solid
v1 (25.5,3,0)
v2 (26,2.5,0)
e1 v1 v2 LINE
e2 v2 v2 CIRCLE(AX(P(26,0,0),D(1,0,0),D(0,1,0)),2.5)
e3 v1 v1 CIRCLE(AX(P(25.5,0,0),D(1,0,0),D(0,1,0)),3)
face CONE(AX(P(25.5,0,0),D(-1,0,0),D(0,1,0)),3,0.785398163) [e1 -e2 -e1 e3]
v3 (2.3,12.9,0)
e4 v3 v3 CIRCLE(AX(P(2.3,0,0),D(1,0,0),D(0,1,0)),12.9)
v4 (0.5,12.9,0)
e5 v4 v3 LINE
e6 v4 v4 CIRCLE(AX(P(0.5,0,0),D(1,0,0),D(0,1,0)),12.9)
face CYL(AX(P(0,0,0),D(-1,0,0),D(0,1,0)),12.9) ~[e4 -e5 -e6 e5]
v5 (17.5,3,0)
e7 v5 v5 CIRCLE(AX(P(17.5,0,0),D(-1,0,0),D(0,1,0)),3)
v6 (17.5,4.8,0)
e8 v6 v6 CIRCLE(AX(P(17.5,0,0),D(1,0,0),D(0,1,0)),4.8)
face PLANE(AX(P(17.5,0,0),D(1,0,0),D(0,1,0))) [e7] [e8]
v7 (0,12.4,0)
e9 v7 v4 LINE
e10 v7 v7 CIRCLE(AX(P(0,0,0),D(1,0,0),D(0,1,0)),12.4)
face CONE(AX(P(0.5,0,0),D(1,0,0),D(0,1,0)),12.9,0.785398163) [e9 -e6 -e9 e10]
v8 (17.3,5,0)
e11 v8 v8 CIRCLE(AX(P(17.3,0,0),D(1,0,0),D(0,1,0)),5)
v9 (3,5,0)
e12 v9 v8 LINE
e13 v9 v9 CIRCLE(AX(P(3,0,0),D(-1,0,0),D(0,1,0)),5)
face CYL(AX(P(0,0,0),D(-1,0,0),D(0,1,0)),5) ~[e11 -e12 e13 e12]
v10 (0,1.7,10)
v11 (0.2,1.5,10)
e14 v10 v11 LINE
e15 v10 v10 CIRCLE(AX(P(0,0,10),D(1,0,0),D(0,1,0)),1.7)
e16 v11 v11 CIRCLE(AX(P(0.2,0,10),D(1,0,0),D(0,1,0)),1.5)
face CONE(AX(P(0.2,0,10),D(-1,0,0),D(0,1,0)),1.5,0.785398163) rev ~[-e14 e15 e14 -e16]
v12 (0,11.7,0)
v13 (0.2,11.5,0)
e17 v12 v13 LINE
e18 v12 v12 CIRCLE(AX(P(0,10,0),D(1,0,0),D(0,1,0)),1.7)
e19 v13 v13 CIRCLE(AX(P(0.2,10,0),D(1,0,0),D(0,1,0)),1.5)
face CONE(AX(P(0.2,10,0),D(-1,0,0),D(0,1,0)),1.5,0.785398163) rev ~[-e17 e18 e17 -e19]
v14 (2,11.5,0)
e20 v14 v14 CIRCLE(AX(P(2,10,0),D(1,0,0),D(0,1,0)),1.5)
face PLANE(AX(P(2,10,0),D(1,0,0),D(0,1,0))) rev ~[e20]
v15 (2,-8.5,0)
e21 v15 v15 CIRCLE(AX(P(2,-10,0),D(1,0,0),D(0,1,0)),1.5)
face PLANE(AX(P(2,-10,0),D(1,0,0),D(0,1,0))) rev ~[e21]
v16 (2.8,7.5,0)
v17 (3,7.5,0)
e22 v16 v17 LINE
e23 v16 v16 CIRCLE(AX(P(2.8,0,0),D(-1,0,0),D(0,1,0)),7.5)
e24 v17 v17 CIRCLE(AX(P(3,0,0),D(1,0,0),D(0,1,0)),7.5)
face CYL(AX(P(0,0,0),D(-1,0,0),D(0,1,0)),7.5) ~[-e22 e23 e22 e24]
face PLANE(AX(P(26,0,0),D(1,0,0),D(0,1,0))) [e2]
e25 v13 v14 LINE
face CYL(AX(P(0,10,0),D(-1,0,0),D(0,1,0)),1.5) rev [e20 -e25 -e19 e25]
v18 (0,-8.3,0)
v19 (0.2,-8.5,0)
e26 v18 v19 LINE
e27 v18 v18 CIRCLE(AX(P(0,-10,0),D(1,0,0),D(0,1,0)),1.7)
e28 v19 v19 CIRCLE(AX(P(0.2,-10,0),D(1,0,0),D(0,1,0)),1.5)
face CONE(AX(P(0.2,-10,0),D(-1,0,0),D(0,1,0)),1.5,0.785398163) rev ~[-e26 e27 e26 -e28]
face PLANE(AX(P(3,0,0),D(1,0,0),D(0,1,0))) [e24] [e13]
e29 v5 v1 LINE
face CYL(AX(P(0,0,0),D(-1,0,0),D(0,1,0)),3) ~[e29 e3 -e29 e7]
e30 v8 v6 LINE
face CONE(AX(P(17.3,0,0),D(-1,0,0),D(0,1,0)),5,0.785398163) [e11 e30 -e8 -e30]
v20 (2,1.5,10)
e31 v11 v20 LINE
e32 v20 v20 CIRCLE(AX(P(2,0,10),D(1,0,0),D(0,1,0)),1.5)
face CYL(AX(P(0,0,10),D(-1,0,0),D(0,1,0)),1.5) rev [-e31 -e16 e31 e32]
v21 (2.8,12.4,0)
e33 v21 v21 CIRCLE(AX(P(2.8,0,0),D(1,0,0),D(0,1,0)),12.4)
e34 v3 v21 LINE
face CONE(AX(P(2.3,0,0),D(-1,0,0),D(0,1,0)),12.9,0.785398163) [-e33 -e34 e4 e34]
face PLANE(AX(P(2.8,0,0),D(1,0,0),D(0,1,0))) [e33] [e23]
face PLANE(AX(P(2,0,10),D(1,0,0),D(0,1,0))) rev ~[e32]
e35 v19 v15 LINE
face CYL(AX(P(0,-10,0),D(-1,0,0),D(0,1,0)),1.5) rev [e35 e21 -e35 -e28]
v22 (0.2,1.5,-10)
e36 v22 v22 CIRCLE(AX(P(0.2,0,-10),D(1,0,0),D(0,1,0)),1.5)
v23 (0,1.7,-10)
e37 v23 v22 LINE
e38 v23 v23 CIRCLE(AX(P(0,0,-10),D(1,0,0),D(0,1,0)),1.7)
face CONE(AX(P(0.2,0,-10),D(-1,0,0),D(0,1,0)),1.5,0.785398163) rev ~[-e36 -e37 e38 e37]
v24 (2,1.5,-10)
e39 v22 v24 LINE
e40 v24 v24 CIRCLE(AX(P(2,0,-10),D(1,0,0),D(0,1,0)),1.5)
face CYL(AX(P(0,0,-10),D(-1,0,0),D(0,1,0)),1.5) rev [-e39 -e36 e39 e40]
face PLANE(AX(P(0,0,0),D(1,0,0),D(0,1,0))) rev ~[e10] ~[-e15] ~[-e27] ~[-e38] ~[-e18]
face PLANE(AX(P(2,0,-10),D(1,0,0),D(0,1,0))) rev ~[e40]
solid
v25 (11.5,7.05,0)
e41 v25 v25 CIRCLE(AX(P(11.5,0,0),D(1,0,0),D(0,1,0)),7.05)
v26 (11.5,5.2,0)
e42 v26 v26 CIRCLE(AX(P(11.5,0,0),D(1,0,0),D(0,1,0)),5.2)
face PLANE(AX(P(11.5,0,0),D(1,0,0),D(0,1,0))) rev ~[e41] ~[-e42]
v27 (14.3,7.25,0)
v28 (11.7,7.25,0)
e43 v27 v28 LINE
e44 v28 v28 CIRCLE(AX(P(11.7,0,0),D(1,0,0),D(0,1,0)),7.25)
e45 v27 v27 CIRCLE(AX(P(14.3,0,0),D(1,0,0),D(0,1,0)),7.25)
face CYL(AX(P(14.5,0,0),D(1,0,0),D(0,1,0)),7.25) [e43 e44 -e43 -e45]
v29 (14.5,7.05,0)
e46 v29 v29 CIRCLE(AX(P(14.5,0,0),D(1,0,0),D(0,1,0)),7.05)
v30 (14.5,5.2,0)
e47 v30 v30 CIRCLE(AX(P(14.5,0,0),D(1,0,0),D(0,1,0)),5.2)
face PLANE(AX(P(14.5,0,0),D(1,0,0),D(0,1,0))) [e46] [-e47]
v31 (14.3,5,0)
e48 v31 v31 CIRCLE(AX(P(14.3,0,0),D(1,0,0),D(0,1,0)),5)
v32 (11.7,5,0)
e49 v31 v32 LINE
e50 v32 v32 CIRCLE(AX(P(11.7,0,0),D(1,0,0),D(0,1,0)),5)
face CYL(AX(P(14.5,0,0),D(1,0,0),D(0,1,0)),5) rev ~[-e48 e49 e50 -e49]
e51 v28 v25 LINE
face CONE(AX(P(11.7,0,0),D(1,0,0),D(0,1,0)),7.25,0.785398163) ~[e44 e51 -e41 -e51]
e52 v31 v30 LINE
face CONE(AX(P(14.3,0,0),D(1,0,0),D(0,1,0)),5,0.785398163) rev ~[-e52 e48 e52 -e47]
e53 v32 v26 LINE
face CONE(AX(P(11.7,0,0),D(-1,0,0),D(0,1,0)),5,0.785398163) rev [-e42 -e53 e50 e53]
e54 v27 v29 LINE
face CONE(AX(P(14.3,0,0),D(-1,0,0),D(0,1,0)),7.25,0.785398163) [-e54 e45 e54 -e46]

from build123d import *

# Parameters (mm, degrees)
F0_R     = 12.9
F0_R_2   = 1.5
F0_R_3   = 7.5
F0_R_4   = 5
F0_R_5   = 3
F1_DEPTH = 2.8
F2_DEPTH = 3
F3_DEPTH = 26
F4_SIZE  = 0.5
F5_DEPTH = 17.5
F6_DEPTH = 2
F7_SIZE  = 0.2
F9_START = -3
F8_R     = 7.25
F8_R_2   = 5
F9_DEPTH = 3
F10_SIZE = 0.2


with BuildPart() as f1:
    # F0 (on Right) → F1 (new body)
    with BuildSketch(Plane.YZ):
        Circle(F0_R)
        with Locations((0, -10)):
            Circle(F0_R_2, mode=Mode.SUBTRACT)
        with Locations((-10, 0)):
            Circle(F0_R_2, mode=Mode.SUBTRACT)
        Circle(F0_R_3, mode=Mode.SUBTRACT)
        with Locations((10, 0)):
            Circle(F0_R_2, mode=Mode.SUBTRACT)
        with Locations((0, 10)):
            Circle(F0_R_2, mode=Mode.SUBTRACT)
        Circle(F0_R_3)
        Circle(F0_R_4, mode=Mode.SUBTRACT)
        Circle(F0_R_4)
        Circle(F0_R_5, mode=Mode.SUBTRACT)
        Circle(F0_R_5)
        with Locations((10, 0)):
            Circle(F0_R_2)
        with Locations((0, 10)):
            Circle(F0_R_2)
        with Locations((-10, 0)):
            Circle(F0_R_2)
        with Locations((0, -10)):
            Circle(F0_R_2)
    extrude(amount=F1_DEPTH)

    # F0 (on Right) → F2 (join)
    with BuildSketch(Plane.YZ):
        Circle(F0_R_3)
        Circle(F0_R_4, mode=Mode.SUBTRACT)
        Circle(F0_R_4)
        Circle(F0_R_5, mode=Mode.SUBTRACT)
        Circle(F0_R_5)
    extrude(amount=F2_DEPTH)

    # F0 (on Right) → F3 (join)
    with BuildSketch(Plane.YZ):
        Circle(F0_R_5)
    extrude(amount=F3_DEPTH)

    # F4
    f4_edges = [f1.edges().sort_by_distance(p)[0] for p in [
        (0, -12.9, 0),
        (2.8, -12.9, 0),
        (26, -3, 0),
    ]]
    chamfer(f4_edges, length=F4_SIZE)

    # F0 (on Right) → F5 (join)
    with BuildSketch(Plane.YZ):
        Circle(F0_R_4)
        Circle(F0_R_5, mode=Mode.SUBTRACT)
        Circle(F0_R_5)
    extrude(amount=F5_DEPTH)

    # F0 (on Right) → F6 (cut)
    with BuildSketch(Plane.YZ):
        with Locations((10, 0)):
            Circle(F0_R_2)
        with Locations((0, -10)):
            Circle(F0_R_2)
        with Locations((0, 10)):
            Circle(F0_R_2)
        with Locations((-10, 0)):
            Circle(F0_R_2)
    extrude(amount=F6_DEPTH, mode=Mode.SUBTRACT)

    # F7
    f7_edges = [f1.edges().sort_by_distance(p)[0] for p in [
        (0, -1.5, -10),
        (0, -11.5, 0),
        (0, -1.5, 10),
        (0, 8.5, 0),
        (17.5, -5, 0),
    ]]
    chamfer(f7_edges, length=F7_SIZE)


with BuildPart() as f9:
    # F8 (on face) → F9 (new body)
    with BuildSketch(Plane.YZ.offset(17.5).offset(F9_START)):
        Circle(F8_R)
        Circle(F8_R_2, mode=Mode.SUBTRACT)
    extrude(amount=-F9_DEPTH)

    # F10
    f10_edges = [f9.edges().sort_by_distance(p)[0] for p in [
        (14.5, -5, 0),
        (14.5, -7.25, 0),
        (11.5, -7.25, 0),
        (11.5, -5, 0),
    ]]
    chamfer(f10_edges, length=F10_SIZE)


solid = Compound([f1.part, f9.part])
